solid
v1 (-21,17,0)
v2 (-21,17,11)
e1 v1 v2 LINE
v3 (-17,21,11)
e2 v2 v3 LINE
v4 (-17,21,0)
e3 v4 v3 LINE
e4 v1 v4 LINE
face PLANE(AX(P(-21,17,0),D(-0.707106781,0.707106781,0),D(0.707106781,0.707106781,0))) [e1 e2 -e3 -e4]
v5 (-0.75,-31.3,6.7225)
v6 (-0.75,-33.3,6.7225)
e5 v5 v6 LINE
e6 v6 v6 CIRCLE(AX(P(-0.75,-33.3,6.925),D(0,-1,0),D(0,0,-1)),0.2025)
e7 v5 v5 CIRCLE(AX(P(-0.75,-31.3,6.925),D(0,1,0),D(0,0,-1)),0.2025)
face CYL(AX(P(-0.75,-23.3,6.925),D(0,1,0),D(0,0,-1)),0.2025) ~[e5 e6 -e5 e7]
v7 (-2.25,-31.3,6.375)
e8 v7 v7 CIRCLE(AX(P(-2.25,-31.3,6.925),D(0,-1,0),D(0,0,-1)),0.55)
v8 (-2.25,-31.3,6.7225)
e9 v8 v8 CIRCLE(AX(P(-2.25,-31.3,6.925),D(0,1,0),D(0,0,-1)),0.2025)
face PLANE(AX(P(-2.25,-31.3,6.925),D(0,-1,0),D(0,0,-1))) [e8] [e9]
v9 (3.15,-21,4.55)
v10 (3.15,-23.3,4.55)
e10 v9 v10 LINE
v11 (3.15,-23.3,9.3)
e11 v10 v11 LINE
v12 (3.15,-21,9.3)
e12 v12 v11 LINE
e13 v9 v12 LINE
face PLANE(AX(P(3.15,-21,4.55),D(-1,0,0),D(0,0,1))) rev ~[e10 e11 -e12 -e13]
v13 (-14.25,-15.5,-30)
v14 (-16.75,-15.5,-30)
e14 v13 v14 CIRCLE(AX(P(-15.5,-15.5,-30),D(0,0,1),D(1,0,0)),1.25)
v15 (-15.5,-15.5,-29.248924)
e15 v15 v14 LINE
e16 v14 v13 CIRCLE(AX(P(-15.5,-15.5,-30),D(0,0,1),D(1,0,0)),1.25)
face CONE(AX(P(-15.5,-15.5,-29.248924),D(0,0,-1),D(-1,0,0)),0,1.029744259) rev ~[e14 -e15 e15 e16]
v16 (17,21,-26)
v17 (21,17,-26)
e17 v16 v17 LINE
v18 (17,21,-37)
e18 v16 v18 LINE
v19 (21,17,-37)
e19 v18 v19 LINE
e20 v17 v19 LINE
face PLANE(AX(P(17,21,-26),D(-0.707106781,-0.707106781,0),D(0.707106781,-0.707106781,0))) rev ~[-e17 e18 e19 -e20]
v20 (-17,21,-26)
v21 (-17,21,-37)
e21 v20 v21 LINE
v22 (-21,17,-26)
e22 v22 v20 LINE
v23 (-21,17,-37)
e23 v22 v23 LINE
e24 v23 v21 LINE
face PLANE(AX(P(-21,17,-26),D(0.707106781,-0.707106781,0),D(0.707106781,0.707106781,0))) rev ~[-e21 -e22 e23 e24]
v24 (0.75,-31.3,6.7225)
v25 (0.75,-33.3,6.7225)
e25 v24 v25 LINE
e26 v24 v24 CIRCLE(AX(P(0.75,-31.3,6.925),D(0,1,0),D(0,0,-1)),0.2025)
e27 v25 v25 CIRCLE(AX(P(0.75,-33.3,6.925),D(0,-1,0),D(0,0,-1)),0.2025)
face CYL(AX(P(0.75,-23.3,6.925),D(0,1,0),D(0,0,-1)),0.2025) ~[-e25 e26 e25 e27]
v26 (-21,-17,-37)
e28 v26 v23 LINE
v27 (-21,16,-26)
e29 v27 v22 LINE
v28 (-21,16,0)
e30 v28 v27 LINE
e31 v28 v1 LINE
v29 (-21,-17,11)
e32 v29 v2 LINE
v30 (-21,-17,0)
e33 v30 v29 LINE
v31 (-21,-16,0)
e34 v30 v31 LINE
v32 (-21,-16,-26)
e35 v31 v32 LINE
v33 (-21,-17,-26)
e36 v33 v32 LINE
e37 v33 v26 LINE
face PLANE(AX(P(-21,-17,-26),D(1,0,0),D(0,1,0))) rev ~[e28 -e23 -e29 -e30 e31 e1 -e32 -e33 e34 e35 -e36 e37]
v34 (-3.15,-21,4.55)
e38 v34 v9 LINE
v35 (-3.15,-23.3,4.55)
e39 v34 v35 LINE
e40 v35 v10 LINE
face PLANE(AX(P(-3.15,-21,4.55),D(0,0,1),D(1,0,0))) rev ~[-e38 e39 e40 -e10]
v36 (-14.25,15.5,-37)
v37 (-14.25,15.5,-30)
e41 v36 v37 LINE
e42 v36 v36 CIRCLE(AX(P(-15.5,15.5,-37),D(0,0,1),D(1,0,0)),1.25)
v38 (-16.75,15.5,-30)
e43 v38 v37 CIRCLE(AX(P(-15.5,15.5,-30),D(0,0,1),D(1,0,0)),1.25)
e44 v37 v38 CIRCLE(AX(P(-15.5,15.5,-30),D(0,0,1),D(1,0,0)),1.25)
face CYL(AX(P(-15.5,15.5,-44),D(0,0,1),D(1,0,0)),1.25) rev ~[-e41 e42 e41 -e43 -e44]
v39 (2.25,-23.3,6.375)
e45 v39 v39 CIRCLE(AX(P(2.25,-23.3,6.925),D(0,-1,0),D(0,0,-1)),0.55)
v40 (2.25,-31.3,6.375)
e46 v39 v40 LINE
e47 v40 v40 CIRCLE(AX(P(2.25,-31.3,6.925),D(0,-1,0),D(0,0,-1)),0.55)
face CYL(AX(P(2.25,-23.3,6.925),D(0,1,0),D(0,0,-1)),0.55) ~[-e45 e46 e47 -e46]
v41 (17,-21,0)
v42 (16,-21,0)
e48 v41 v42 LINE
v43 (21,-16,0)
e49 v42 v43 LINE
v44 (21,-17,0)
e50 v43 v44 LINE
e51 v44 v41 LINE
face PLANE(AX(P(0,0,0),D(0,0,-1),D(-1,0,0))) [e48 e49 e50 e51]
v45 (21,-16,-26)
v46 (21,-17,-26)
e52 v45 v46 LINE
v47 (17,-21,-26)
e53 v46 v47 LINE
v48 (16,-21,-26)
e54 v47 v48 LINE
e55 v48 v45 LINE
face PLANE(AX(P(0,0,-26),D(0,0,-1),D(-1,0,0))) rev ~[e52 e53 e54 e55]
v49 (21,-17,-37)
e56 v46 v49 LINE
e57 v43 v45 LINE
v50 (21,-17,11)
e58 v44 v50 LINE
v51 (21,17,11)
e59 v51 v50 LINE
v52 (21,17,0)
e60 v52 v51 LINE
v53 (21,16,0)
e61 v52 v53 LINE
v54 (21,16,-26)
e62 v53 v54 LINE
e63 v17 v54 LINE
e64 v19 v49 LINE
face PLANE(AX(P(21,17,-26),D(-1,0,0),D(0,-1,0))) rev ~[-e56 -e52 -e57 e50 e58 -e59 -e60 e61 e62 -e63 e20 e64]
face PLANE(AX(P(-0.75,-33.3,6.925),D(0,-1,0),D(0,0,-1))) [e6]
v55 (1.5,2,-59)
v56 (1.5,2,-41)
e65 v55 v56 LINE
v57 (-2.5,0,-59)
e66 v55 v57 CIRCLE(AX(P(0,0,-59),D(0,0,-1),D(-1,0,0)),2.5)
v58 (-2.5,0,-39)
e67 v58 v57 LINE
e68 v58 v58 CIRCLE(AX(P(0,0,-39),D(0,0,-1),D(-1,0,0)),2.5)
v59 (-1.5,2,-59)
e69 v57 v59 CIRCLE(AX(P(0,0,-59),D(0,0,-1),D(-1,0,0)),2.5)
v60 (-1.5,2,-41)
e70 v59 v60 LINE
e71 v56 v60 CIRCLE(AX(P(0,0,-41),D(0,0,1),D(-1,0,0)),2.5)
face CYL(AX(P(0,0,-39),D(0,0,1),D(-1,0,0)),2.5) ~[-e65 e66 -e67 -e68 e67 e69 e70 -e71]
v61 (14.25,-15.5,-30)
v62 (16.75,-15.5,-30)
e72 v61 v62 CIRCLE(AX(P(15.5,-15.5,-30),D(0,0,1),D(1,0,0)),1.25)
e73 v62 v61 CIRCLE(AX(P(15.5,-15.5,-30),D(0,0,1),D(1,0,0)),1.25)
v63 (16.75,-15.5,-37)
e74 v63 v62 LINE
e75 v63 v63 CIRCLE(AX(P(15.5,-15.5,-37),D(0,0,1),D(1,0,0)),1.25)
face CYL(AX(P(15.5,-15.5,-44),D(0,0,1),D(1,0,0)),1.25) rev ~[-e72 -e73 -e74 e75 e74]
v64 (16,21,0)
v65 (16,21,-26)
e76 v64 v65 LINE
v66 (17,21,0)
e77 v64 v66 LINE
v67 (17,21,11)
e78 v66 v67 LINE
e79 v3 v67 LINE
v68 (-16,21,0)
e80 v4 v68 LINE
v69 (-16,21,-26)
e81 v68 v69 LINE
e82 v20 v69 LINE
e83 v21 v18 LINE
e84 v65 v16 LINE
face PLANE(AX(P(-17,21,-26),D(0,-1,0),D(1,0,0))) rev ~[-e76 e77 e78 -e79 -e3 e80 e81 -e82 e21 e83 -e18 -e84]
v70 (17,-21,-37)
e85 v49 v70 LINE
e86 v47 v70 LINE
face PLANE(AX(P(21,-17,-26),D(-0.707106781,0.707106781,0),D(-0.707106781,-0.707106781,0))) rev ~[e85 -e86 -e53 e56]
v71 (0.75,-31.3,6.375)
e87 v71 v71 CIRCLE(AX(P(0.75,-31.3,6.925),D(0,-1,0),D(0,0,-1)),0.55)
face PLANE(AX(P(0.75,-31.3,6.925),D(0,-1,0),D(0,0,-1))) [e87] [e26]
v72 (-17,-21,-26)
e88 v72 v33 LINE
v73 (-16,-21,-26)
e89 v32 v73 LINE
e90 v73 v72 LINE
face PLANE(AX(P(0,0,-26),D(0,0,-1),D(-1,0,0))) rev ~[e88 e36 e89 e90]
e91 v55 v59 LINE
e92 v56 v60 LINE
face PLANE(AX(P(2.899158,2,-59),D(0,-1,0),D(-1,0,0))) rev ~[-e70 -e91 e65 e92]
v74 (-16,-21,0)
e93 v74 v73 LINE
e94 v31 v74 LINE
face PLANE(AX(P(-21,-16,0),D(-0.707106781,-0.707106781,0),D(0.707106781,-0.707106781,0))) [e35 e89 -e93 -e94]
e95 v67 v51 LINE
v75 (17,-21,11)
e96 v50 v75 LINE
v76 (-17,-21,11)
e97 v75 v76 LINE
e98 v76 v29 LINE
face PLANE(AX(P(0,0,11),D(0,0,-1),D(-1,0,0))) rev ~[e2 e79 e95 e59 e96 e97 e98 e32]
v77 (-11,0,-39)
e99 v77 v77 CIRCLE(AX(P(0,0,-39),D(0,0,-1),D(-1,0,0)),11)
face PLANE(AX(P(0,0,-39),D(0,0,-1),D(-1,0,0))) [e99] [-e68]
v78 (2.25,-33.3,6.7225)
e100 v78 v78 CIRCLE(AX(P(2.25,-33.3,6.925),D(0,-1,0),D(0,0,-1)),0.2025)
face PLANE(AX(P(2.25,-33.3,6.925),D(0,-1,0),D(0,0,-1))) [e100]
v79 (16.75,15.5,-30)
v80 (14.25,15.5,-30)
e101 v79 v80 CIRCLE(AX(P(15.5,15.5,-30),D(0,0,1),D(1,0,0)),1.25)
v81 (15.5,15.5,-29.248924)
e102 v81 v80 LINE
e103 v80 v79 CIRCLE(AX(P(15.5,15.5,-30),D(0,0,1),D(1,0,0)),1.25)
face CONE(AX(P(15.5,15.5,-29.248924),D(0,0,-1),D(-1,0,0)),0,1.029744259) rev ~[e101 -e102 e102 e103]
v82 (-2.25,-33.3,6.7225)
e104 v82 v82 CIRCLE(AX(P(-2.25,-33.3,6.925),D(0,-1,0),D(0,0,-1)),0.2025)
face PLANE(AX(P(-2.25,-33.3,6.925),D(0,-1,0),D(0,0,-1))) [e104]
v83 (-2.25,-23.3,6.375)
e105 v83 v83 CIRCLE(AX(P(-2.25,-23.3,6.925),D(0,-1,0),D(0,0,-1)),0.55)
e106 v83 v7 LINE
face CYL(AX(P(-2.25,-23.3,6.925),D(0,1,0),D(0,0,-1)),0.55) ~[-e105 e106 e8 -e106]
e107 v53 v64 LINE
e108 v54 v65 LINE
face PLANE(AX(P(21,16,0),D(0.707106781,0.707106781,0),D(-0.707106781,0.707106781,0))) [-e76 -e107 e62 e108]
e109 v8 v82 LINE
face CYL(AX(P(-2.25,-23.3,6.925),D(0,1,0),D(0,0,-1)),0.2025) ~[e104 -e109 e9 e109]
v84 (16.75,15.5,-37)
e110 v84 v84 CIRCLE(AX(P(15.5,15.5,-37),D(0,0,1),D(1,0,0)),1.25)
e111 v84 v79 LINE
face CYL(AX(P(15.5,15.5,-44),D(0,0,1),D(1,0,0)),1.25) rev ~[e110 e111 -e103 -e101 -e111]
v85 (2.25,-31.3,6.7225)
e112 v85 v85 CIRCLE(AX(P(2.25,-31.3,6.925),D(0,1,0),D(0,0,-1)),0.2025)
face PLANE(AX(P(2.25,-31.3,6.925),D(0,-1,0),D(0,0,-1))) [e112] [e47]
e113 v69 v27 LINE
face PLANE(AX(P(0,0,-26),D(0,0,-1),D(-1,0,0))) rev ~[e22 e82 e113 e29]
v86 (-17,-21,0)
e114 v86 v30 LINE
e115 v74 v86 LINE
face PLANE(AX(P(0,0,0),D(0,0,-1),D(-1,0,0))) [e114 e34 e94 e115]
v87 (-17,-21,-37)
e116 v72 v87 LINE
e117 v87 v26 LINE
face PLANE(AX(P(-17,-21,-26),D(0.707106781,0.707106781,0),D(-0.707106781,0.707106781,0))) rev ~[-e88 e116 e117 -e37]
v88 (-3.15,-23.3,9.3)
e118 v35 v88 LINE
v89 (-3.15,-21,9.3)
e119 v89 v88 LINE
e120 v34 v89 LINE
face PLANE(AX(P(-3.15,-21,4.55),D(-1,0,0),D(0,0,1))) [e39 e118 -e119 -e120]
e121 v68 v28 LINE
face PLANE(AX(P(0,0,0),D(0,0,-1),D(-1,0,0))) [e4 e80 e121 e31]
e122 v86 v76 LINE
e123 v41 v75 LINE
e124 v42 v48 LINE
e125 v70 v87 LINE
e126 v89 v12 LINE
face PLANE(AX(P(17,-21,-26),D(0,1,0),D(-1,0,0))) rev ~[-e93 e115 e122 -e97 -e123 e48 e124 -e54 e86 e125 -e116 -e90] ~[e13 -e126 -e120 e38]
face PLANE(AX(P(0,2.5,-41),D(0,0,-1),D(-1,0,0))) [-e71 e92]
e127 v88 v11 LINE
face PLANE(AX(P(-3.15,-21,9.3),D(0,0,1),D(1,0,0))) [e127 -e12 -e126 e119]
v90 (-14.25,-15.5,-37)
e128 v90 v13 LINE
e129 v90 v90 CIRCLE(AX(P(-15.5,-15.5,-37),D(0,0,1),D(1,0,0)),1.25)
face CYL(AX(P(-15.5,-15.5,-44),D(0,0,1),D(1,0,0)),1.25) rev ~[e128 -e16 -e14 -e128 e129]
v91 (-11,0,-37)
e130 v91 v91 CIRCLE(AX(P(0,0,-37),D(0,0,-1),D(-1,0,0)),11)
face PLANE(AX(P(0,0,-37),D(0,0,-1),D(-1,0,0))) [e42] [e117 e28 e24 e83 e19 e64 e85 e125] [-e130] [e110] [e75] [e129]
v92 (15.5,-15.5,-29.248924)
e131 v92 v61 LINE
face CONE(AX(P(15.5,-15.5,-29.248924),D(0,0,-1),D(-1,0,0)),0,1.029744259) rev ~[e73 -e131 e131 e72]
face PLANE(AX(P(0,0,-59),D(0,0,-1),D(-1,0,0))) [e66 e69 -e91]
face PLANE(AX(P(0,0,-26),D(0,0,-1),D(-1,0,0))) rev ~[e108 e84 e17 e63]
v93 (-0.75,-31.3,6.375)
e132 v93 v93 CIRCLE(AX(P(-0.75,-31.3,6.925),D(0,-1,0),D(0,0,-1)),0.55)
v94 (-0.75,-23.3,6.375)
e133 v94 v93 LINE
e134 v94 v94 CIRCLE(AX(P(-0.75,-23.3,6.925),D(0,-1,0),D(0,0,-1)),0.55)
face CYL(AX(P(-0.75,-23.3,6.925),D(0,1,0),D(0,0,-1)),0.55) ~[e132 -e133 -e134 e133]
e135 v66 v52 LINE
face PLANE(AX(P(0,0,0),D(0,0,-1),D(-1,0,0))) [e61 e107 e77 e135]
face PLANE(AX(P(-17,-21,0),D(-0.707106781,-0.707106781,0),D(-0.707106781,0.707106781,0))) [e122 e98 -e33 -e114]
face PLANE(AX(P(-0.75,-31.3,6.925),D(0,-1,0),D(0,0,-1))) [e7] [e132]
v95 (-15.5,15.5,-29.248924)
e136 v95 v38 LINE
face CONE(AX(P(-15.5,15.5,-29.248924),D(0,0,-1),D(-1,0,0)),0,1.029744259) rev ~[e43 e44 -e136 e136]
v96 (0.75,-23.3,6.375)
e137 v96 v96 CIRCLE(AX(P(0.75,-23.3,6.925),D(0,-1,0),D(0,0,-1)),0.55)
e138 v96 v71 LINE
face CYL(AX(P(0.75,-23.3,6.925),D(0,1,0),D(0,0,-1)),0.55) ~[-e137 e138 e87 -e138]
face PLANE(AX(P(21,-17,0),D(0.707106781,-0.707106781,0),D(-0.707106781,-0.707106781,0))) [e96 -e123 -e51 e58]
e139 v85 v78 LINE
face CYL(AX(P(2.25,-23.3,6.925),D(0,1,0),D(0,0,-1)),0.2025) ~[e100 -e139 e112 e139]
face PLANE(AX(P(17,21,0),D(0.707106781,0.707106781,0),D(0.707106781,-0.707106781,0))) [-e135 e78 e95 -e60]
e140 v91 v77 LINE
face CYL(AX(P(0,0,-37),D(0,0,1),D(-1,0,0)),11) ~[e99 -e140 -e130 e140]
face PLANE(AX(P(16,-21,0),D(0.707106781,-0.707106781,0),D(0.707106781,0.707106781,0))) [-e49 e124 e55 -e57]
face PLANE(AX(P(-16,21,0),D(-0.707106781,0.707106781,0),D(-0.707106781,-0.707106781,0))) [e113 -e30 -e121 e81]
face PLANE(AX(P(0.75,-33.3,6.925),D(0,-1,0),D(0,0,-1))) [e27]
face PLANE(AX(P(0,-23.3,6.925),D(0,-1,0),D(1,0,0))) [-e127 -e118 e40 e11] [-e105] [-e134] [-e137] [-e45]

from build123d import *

# Parameters (mm, degrees)
BOSS_EXTRU_1_DEPTH      = 11
BOSS_EXTRU_2_DEPTH      = 26
BOSS_EXTRU_3_DEPTH      = 11
ESQUISSE4_R             = 11
BOSS_EXTRU_4_DEPTH      = 2
ESQUISSE5_R             = 2.5
BOSS_EXTRU_5_DEPTH      = 20
ESQUISSE6_W             = 5.798316384
ESQUISSE6_H             = 1
ENL_V_MAT_EXTRU_1_DEPTH = 18
TROU_TARAUD_M31_D       = 2.5
TROU_TARAUD_M31_DEPTH   = 7
TROU_TARAUD_M31_TIP     = 0.751075774
ESQUISSE9_W             = 6.3
ESQUISSE9_H             = 4.75
BOSS_EXTRU_6_DEPTH      = 2.3
ESQUISSE10_R            = 0.2025
BOSS_EXTRU_7_DEPTH      = 10
ESQUISSE11_R            = 0.55
BOSS_EXTRU_8_DEPTH      = 8


with BuildPart() as part:
    # Esquisse1 → Boss.-Extru.1 (new body)
    with BuildSketch(Plane.XY):
        Polygon((17, 21), (21, 17), (21, -17), (17, -21), (-17, -21), (-21, -17), (-21, 17), (-17, 21), align=None)
    extrude(amount=BOSS_EXTRU_1_DEPTH)

    # Esquisse2 → Boss.-Extru.2 (add)
    with BuildSketch(Plane(origin=(0, 0, 0), x_dir=(-1, 0, 0), z_dir=(0, 0, -1))):
        Polygon((-16, 21), (16, 21), (21, 16), (21, -16), (16, -21), (-16, -21), (-21, -16), (-21, 16), align=None)
    extrude(amount=BOSS_EXTRU_2_DEPTH)

    # Esquisse3 → Boss.-Extru.3 (add)
    with BuildSketch(Plane(origin=(0, 0, -26), x_dir=(-1, 0, 0), z_dir=(0, 0, -1))):
        Polygon((-17, 21), (-21, 17), (-21, -17), (-17, -21), (17, -21), (21, -17), (21, 17), (17, 21), align=None)
    extrude(amount=BOSS_EXTRU_3_DEPTH)

    # Esquisse4 → Boss.-Extru.4 (add)
    with BuildSketch(Plane(origin=(0, 0, -37), x_dir=(-1, 0, 0), z_dir=(0, 0, -1))):
        Circle(ESQUISSE4_R)
    extrude(amount=BOSS_EXTRU_4_DEPTH)

    # Esquisse5 → Boss.-Extru.5 (add)
    with BuildSketch(Plane(origin=(0, 0, -39), x_dir=(-1, 0, 0), z_dir=(0, 0, -1))):
        Circle(ESQUISSE5_R)
    extrude(amount=BOSS_EXTRU_5_DEPTH)

    # Esquisse6 → Enlèv. mat.-Extru.1 (cut)
    with BuildSketch(Plane(origin=(0, 0, -59), x_dir=(-1, 0, 0), z_dir=(0, 0, -1))):
        with Locations((0, 2.5)):
            Rectangle(ESQUISSE6_W, ESQUISSE6_H)
    extrude(amount=-ENL_V_MAT_EXTRU_1_DEPTH, mode=Mode.SUBTRACT)

    # Trou taraudé M31
    with Locations(Plane(origin=(0, 0, -37), x_dir=(-1, 0, 0), z_dir=(0, 0, -1))):
        with Locations((-15.5, 15.5), (15.5, 15.5), (15.5, -15.5), (-15.5, -15.5)):
            Hole(TROU_TARAUD_M31_D / 2, depth=TROU_TARAUD_M31_DEPTH)
            with Locations((0, 0, -(TROU_TARAUD_M31_DEPTH + TROU_TARAUD_M31_TIP / 2))):  # 118° drill point
                Cone(0, TROU_TARAUD_M31_D / 2, TROU_TARAUD_M31_TIP, mode=Mode.SUBTRACT)

    # Esquisse9 → Boss.-Extru.6 (add)
    with BuildSketch(Plane.XZ.offset(21)):
        with Locations((0, 6.925)):
            Rectangle(ESQUISSE9_W, ESQUISSE9_H)
    extrude(amount=BOSS_EXTRU_6_DEPTH)

    # Esquisse10 → Boss.-Extru.7 (add)
    with BuildSketch(Plane.XZ.offset(23.3)):
        with Locations(Location((-2.25, 6.925, 0), (0, 0, 270))):
            Circle(ESQUISSE10_R)
        with Locations(Location((-0.75, 6.925, 0), (0, 0, 270))):
            Circle(ESQUISSE10_R)
        with Locations(Location((0.75, 6.925, 0), (0, 0, 270))):
            Circle(ESQUISSE10_R)
        with Locations(Location((2.25, 6.925, 0), (0, 0, 270))):
            Circle(ESQUISSE10_R)
    extrude(amount=BOSS_EXTRU_7_DEPTH)

    # Esquisse11 → Boss.-Extru.8 (add)
    with BuildSketch(Plane.XZ.offset(23.3)):
        with Locations(Location((-2.25, 6.925, 0), (0, 0, 270))):
            Circle(ESQUISSE11_R)
        with Locations(Location((-0.75, 6.925, 0), (0, 0, 270))):
            Circle(ESQUISSE11_R)
        with Locations(Location((0.75, 6.925, 0), (0, 0, 270))):
            Circle(ESQUISSE11_R)
        with Locations(Location((2.25, 6.925, 0), (0, 0, 270))):
            Circle(ESQUISSE11_R)
    extrude(amount=BOSS_EXTRU_8_DEPTH)


solid = part.part
